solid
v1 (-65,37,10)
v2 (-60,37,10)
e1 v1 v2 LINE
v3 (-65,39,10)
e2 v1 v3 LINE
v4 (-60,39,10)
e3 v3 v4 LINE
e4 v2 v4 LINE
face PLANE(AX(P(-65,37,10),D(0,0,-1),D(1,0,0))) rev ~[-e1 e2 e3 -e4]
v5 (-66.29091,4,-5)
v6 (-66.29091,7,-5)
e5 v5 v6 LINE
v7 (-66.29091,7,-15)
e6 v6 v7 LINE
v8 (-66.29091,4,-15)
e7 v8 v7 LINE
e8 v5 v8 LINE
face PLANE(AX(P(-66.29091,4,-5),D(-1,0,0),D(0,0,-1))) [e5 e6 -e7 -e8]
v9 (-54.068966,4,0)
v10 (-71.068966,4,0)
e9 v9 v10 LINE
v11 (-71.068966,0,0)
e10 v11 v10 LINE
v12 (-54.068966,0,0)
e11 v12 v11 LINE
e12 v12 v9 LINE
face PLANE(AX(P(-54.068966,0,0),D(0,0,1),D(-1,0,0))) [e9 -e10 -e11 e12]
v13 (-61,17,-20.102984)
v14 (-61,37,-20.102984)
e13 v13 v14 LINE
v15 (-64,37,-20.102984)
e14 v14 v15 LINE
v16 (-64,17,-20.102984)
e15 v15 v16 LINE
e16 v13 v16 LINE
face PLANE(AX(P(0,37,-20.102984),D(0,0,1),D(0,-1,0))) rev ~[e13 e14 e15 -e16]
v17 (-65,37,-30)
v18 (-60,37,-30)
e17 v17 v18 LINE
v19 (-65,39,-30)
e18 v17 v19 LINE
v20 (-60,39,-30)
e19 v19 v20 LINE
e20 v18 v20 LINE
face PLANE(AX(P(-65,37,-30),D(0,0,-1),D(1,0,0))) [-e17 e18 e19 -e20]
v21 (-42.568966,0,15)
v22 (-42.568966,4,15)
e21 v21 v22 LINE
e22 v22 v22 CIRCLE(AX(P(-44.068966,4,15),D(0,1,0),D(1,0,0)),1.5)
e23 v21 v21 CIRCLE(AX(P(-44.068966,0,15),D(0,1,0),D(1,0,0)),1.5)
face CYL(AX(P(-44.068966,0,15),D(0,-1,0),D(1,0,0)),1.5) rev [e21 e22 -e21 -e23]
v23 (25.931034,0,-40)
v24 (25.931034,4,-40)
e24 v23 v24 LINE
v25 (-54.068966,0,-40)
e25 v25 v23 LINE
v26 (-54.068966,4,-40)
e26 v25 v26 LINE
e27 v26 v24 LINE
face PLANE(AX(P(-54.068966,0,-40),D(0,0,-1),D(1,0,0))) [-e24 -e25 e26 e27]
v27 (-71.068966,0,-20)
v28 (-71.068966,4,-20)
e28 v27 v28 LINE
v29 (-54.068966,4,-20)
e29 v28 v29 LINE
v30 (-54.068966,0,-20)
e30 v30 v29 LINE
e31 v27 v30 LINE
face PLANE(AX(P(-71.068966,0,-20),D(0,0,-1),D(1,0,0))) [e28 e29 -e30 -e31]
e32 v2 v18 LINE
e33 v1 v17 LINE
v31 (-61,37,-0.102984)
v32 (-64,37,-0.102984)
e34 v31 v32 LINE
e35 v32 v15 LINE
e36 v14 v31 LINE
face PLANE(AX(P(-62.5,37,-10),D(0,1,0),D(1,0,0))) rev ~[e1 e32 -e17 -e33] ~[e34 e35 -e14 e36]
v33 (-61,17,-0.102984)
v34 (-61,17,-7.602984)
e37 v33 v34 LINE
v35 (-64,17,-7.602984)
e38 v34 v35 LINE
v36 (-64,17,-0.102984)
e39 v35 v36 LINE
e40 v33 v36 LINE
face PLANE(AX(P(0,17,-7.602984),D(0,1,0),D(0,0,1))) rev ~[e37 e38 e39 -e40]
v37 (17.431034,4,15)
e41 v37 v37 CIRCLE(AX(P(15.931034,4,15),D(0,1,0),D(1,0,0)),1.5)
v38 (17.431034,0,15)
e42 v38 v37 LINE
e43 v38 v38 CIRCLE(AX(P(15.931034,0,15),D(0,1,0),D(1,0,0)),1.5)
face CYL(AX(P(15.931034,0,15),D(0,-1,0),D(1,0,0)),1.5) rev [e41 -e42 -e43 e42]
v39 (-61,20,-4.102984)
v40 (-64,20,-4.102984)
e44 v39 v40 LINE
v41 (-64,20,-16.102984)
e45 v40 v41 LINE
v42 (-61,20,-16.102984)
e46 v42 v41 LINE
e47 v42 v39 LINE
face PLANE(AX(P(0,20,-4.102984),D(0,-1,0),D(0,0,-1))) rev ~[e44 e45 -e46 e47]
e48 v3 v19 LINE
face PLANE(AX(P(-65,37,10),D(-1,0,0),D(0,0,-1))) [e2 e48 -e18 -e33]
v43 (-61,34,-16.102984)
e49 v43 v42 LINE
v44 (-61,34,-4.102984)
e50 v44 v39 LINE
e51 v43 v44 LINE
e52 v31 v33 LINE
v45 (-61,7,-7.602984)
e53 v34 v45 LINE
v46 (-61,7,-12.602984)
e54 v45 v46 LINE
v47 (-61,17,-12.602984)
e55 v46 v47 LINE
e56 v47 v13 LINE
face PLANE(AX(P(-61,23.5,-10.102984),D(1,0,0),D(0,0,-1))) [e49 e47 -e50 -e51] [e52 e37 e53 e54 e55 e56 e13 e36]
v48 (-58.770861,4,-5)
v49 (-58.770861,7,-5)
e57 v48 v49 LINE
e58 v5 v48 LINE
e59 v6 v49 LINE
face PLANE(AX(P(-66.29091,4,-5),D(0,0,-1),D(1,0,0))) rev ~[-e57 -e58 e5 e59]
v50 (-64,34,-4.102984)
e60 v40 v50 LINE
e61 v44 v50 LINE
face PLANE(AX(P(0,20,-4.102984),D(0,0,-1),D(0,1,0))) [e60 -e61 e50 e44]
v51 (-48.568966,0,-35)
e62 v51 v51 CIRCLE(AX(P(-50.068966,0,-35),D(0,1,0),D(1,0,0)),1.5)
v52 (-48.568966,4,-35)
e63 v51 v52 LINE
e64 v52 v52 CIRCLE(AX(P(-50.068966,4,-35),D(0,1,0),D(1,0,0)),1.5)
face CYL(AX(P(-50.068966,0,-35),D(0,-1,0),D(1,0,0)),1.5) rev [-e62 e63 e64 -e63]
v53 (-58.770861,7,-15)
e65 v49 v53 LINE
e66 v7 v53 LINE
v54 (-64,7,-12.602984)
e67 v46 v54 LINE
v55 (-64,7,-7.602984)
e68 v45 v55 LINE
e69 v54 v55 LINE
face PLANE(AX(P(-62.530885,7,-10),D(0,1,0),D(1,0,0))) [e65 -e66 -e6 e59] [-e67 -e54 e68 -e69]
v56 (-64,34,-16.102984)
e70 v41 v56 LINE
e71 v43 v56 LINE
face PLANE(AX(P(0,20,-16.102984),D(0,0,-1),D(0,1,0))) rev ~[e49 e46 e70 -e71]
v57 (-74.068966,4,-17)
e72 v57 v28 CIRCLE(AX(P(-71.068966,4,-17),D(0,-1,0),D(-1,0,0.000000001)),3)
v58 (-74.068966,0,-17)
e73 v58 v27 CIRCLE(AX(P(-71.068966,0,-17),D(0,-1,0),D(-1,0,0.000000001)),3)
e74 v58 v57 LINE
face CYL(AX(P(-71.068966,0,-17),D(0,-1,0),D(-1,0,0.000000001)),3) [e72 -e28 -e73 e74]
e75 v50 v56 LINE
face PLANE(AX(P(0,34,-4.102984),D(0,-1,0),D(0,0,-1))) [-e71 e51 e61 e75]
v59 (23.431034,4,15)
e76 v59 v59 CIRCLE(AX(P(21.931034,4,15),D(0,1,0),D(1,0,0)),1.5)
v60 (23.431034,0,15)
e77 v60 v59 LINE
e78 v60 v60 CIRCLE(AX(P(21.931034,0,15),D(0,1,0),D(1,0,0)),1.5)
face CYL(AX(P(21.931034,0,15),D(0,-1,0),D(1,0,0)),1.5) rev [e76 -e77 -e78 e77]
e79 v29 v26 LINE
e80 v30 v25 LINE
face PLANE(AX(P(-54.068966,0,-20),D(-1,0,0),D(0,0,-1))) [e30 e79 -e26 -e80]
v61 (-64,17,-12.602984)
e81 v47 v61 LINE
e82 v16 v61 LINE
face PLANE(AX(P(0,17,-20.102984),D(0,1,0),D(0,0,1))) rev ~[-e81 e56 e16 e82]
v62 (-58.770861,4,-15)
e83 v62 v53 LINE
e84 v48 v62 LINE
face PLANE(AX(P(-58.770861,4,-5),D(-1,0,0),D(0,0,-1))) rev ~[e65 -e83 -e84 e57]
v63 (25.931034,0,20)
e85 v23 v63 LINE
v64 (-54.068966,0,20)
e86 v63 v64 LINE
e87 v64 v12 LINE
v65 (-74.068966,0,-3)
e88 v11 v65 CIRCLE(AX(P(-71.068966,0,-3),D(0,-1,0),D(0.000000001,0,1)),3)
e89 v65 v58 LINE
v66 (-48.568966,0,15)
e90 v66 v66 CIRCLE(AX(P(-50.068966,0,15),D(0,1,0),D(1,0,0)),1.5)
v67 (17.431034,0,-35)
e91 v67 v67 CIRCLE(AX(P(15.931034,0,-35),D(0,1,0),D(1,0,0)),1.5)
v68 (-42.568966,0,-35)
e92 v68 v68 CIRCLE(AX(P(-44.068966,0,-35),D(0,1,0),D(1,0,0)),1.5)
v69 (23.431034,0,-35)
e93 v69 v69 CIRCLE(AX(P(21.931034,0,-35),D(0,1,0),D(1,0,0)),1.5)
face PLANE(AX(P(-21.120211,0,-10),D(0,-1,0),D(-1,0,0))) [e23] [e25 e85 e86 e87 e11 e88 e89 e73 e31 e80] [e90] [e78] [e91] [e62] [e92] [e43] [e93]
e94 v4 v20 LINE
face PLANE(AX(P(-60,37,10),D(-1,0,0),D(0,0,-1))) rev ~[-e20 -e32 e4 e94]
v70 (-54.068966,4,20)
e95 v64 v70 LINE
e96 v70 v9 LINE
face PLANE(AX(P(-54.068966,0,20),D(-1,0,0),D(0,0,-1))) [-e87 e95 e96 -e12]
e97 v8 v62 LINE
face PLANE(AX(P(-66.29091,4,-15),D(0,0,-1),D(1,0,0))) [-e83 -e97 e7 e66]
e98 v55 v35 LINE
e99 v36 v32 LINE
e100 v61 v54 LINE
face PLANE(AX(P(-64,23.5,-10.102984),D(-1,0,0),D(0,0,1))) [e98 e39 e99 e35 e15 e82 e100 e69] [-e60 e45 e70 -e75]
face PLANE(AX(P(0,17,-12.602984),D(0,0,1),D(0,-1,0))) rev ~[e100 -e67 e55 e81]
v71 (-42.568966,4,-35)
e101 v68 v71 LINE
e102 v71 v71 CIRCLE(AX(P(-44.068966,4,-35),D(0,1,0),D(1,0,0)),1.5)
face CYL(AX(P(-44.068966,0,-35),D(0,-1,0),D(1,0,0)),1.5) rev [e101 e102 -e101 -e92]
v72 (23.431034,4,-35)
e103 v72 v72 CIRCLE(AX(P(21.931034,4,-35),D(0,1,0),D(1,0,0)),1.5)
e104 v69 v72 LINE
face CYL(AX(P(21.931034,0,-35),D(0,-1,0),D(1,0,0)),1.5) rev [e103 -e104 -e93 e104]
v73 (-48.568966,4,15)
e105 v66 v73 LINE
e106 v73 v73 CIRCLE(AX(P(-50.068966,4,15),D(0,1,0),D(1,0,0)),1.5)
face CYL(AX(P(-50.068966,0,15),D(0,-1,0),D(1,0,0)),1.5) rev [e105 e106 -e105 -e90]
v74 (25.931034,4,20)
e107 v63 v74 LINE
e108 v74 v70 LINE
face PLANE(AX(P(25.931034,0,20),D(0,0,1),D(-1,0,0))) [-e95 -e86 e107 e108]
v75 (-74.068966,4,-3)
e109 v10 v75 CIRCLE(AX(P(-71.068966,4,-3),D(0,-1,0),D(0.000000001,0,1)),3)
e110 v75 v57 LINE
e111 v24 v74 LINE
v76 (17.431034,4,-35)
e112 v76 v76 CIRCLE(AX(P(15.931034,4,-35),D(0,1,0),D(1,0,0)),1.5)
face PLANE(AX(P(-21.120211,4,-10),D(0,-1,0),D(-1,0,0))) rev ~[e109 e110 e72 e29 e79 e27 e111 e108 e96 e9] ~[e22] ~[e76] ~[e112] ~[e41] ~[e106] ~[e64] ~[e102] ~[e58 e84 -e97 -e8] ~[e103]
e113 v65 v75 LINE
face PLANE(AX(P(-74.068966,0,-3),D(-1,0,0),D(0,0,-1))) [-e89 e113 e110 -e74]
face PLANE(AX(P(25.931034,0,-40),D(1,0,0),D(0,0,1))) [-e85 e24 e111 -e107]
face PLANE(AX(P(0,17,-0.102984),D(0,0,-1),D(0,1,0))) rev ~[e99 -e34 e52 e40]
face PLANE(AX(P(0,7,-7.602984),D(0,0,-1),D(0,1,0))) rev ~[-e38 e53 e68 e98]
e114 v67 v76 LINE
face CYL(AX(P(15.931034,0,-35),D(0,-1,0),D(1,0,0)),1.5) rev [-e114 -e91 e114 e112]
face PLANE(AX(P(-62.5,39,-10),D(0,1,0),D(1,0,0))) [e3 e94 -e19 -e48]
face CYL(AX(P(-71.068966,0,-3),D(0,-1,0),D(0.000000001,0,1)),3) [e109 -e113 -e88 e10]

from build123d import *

# Parameters (mm, degrees)
SKETCH1_R           = 1.5
BOSS_EXTRUDE2_DEPTH = 4
SKETCH2_W           = 7.520049523
SKETCH2_H           = 10
BOSS_EXTRUDE3_DEPTH = 3
SKETCH4_W           = 12
SKETCH4_H           = 14
BOSS_EXTRUDE4_DEPTH = 64
CUT_EXTRUDE1_DEPTH  = 61
SKETCH6_W           = 5
SKETCH6_H           = 40
BOSS_EXTRUDE5_DEPTH = 2


with BuildPart() as part:
    # Sketch1 → Boss-Extrude2 (new body)
    with BuildSketch(Plane(origin=(0, 0, 0), x_dir=(1, 0, 0), z_dir=(0, 1, 0))):
        with BuildLine():
            Line((-54.068965517, 20), (-54.068965517, 40))
            Line((-54.068965517, 40), (25.931034483, 40))
            Line((25.931034483, 40), (25.931034483, -20))
            Line((25.931034483, -20), (-54.068965517, -20))
            Line((-54.068965517, -20), (-54.068965517, 0))
            Line((-54.068965517, 0), (-71.068965517, 0))
            ThreePointArc((-71.068965517, 0), (-73.190285861, 0.878679656), (-74.068965517, 3))
            Line((-74.068965517, 3), (-74.068965517, 17))
            ThreePointArc((-74.068965517, 17), (-73.190285861, 19.121320344), (-71.068965517, 20))
            Line((-71.068965517, 20), (-54.068965517, 20))
        make_face()
        with Locations((-50.068965517, 35)):
            Circle(SKETCH1_R, mode=Mode.SUBTRACT)
        with Locations((-44.068965517, 35)):
            Circle(SKETCH1_R, mode=Mode.SUBTRACT)
        with Locations((-50.068965517, -15)):
            Circle(SKETCH1_R, mode=Mode.SUBTRACT)
        with Locations((-44.068965517, -15)):
            Circle(SKETCH1_R, mode=Mode.SUBTRACT)
        with Locations((21.931034483, -15)):
            Circle(SKETCH1_R, mode=Mode.SUBTRACT)
        with Locations((15.931034483, -15)):
            Circle(SKETCH1_R, mode=Mode.SUBTRACT)
        with Locations((15.931034483, 35)):
            Circle(SKETCH1_R, mode=Mode.SUBTRACT)
        with Locations((21.931034483, 35)):
            Circle(SKETCH1_R, mode=Mode.SUBTRACT)
    extrude(amount=BOSS_EXTRUDE2_DEPTH)

    # Sketch2 → Boss-Extrude3 (add)
    with BuildSketch(Plane(origin=(0, 4, 0), x_dir=(1, 0, 0), z_dir=(0, 1, 0))):
        with Locations((-62.530885471, 10)):
            Rectangle(SKETCH2_W, SKETCH2_H)
    extrude(amount=BOSS_EXTRUDE3_DEPTH)

    # Sketch4 → Boss-Extrude4 (add)
    with BuildSketch(Plane(origin=(0, 0, 0), x_dir=(0, 0, -1), z_dir=(1, 0, 0))):
        Polygon((7.602984215, 7), (7.602984215, 17), (0.102984215, 17), (0.102984215, 37), (20.102984215, 37), (20.102984215, 17), (12.602984215, 17), (12.602984215, 7), align=None)
        with Locations((10.102984215, 27)):
            Rectangle(SKETCH4_W, SKETCH4_H, mode=Mode.SUBTRACT)
    extrude(amount=-BOSS_EXTRUDE4_DEPTH)

    # Sketch5 → Cut-Extrude1 (cut)
    with BuildSketch(Plane(origin=(0, 0, 0), x_dir=(0, 0, -1), z_dir=(1, 0, 0))):
        Polygon((0.102984215, 37), (0.102984215, 17), (7.602984215, 17), (7.602984215, 7), (12.602984215, 7), (12.602984215, 17), (20.102984215, 17), (20.102984215, 37), align=None)
    extrude(amount=-CUT_EXTRUDE1_DEPTH, mode=Mode.SUBTRACT)

    # Sketch6 → Boss-Extrude5 (add)
    with BuildSketch(Plane(origin=(0, 37, 0), x_dir=(1, 0, 0), z_dir=(0, 1, 0))):
        with Locations((-62.5, 10)):
            Rectangle(SKETCH6_W, SKETCH6_H)
    extrude(amount=BOSS_EXTRUDE5_DEPTH)


solid = part.part
